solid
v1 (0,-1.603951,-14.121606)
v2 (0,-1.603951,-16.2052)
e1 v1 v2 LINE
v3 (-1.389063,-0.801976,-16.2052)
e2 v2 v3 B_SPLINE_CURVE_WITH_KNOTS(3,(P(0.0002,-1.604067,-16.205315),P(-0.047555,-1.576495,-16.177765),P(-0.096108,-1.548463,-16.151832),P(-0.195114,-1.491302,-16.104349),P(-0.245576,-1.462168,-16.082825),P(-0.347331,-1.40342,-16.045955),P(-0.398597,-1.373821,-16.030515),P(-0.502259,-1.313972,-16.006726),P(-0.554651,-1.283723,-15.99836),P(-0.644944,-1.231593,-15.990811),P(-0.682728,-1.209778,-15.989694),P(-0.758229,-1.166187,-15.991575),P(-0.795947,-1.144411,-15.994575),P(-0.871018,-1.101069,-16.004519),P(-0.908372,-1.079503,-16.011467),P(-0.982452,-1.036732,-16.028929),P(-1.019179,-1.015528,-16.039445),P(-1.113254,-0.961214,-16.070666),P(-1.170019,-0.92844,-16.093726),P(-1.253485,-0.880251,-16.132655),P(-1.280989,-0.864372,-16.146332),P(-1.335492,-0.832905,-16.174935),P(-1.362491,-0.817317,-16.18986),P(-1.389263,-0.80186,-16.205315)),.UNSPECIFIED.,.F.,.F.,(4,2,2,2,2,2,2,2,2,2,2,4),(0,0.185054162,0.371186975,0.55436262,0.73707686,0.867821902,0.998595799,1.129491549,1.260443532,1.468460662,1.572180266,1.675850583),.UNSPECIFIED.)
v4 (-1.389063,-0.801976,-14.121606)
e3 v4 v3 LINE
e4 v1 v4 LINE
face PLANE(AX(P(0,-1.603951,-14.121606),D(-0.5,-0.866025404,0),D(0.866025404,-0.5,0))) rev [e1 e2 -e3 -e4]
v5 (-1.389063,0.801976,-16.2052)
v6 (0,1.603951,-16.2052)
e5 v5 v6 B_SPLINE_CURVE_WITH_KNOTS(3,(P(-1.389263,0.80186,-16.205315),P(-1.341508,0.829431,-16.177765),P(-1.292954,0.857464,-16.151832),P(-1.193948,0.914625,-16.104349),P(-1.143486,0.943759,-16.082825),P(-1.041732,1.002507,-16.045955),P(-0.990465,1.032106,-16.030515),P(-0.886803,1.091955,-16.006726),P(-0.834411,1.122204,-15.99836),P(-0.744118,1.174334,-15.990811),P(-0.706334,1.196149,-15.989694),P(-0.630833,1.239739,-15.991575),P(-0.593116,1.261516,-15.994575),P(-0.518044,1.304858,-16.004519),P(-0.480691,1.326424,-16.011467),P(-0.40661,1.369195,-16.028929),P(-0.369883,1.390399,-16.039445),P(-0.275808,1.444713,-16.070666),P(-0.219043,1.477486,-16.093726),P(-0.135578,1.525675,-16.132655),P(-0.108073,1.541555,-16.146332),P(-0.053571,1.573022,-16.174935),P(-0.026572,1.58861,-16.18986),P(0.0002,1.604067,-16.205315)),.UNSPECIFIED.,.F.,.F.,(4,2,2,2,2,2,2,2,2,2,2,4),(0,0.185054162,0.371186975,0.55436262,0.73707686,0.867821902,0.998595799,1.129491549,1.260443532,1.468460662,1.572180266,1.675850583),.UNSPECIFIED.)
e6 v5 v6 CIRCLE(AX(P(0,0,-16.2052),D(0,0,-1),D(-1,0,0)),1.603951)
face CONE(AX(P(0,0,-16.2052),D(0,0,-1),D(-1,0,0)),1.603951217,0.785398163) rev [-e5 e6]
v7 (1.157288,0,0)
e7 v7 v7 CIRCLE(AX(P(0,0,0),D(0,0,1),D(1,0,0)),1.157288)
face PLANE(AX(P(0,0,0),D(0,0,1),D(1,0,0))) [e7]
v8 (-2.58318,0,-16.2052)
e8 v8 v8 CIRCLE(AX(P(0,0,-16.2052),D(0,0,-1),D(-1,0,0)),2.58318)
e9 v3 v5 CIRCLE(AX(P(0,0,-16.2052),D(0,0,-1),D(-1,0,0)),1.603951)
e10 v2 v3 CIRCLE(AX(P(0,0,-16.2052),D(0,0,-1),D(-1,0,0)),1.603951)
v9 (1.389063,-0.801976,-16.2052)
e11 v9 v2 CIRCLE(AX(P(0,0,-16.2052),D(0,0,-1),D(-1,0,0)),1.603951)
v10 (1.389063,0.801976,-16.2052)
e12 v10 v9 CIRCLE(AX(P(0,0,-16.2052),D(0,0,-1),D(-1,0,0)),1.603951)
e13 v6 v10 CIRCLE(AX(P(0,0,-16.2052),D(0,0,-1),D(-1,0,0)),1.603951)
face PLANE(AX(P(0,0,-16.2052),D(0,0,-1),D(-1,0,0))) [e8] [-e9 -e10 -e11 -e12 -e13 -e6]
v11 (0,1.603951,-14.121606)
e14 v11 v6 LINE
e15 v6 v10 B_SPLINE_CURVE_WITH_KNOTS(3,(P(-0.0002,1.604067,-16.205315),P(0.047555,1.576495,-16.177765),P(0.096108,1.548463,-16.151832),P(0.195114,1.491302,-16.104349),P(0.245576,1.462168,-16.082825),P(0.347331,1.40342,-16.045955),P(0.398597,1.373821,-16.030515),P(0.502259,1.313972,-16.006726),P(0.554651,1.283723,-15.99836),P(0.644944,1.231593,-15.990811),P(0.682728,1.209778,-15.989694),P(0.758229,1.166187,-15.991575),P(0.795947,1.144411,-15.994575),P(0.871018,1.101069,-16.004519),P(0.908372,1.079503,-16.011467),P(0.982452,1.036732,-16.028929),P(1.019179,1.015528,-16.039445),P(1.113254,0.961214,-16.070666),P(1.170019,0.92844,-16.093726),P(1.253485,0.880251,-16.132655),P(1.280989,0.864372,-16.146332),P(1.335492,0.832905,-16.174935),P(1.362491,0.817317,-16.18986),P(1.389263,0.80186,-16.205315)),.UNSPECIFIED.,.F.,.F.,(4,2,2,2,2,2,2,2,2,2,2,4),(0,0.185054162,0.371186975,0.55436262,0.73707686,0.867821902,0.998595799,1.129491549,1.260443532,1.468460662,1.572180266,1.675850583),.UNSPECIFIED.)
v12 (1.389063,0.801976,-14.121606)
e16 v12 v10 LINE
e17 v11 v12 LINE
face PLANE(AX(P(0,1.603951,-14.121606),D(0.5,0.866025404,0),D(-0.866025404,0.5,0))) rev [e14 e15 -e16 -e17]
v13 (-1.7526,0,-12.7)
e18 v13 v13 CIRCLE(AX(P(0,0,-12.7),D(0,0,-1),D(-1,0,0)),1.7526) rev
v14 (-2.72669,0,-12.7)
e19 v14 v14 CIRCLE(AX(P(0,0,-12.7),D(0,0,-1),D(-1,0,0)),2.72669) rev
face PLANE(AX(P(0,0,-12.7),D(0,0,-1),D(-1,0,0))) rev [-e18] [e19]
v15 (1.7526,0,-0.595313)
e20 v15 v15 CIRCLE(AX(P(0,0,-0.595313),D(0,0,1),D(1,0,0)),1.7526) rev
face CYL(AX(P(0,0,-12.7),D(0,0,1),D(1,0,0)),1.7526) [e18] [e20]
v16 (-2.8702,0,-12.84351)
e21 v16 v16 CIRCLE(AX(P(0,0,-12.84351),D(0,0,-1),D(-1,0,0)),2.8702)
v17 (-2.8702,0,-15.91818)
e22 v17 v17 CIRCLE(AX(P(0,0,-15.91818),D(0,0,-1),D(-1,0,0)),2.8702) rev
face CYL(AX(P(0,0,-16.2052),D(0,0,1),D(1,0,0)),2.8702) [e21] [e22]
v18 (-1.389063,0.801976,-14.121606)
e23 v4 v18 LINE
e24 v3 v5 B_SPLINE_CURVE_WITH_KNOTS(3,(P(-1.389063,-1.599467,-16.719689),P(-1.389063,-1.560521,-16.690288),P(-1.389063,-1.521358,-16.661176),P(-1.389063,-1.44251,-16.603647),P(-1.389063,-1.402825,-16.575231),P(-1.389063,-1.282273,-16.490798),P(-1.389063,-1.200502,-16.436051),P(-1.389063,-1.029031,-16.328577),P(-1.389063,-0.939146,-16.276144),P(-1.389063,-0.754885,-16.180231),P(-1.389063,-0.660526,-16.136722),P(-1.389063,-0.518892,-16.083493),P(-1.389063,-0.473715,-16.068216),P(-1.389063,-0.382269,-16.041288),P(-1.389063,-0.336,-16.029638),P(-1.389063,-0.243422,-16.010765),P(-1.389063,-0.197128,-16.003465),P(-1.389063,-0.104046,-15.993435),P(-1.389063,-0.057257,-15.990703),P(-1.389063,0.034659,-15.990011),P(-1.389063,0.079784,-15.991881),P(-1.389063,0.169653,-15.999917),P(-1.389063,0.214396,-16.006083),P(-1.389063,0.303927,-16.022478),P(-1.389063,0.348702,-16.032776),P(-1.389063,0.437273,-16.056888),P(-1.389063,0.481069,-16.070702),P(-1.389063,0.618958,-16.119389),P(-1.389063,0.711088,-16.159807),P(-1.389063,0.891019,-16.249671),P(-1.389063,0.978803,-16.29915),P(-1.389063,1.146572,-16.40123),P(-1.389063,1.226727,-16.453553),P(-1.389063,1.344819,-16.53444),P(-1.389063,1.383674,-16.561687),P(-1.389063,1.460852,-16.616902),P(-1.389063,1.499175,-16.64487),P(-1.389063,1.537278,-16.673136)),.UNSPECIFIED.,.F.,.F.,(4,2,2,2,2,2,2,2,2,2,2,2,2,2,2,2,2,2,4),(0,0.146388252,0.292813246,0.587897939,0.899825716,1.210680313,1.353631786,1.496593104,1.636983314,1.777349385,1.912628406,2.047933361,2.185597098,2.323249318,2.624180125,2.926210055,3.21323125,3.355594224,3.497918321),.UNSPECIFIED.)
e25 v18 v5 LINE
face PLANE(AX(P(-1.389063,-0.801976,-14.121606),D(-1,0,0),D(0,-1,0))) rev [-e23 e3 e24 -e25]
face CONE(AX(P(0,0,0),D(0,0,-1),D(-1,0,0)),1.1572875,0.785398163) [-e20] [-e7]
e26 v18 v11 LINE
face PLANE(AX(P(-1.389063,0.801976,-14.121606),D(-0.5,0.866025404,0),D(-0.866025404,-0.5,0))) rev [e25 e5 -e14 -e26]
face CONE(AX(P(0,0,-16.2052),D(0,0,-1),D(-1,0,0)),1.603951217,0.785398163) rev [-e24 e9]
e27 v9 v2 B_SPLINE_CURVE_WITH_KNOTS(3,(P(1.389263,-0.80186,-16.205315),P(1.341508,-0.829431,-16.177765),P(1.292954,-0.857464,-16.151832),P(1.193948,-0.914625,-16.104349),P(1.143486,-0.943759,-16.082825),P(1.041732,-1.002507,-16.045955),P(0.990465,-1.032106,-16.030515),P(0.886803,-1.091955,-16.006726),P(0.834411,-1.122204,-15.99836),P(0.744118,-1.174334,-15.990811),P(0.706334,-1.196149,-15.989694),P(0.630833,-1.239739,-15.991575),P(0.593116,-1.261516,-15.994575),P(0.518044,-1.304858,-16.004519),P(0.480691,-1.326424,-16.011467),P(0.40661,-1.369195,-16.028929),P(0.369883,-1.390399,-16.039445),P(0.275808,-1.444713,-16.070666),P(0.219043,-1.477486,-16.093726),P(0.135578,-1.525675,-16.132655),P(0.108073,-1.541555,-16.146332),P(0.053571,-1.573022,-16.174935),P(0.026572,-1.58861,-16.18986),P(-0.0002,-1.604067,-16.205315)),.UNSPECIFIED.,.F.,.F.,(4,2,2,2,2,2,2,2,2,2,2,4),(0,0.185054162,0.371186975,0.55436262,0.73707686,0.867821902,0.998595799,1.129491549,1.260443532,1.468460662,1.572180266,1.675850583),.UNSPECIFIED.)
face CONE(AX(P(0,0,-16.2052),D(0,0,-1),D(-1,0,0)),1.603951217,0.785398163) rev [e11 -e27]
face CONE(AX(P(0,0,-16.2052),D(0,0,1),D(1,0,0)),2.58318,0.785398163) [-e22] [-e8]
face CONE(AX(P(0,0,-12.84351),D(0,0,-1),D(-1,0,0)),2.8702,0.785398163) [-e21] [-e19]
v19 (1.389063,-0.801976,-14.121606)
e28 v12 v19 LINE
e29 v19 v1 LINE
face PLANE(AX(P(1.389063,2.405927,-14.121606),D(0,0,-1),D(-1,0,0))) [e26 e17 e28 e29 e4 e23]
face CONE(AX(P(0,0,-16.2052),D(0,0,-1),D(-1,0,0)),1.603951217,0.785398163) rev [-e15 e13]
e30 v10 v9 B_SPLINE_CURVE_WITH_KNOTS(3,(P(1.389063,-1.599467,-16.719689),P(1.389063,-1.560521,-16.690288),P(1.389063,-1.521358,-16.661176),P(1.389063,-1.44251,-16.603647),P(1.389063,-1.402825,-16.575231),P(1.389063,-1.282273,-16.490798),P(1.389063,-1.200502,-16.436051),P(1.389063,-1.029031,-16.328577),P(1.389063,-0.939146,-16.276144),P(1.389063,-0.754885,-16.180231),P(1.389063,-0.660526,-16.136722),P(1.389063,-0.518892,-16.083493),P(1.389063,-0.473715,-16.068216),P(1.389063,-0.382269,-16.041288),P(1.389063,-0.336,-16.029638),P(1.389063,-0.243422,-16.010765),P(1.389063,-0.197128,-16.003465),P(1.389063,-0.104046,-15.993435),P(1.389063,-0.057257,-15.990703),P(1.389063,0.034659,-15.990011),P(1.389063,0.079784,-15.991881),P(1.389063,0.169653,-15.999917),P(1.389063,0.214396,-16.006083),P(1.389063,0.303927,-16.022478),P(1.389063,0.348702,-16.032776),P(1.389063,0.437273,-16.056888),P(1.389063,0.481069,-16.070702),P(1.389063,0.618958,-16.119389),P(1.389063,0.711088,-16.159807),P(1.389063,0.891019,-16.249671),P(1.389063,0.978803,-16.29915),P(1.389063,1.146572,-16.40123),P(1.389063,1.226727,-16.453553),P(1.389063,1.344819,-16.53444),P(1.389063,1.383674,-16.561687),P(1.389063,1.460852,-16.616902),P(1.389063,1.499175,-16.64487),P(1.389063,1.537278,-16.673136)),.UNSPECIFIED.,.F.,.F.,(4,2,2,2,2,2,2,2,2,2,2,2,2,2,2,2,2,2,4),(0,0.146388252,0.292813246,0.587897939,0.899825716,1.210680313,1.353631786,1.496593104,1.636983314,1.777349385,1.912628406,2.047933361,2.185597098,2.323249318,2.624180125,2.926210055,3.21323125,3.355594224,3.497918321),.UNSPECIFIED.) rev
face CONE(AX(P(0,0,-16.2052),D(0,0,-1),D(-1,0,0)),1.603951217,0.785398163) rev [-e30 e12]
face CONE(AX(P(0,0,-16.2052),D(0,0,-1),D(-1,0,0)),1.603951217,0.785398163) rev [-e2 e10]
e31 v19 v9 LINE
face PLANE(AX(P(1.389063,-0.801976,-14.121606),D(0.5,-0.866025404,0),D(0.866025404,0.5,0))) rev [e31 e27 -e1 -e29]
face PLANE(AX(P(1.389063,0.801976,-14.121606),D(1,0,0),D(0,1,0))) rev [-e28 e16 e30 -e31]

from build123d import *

# Parameters (mm, degrees)
SKETCH1_R          = 1.7526
EXTRUDE1_DEPTH     = 12.7
CHAMFER3_SIZE      = 0.5953125
SKETCH6_R          = 2.8702
EXTRUDE2_DEPTH     = 3.5052
CUT_EXTRUDE1_DEPTH = 2.08359375
CHAMFER1_SIZE      = 0.28702
CHAMFER2_SIZE      = 0.14351


with BuildPart() as part:
    # Sketch1 → Extrude1 (new body)
    with BuildSketch(Plane.XY):
        Circle(SKETCH1_R)
    extrude(amount=-EXTRUDE1_DEPTH)

    # Chamfer3
    chamfer3_edges = [part.edges().sort_by_distance(p)[0] for p in [
        (-1.7526, 0, 0),
    ]]
    chamfer(chamfer3_edges, length=CHAMFER3_SIZE)

    # Sketch6 → Extrude2 (add)
    with BuildSketch(Plane(origin=(0, 0, -12.7), x_dir=(-1, 0, 0), z_dir=(0, 0, -1))):
        Circle(SKETCH6_R)
    extrude(amount=EXTRUDE2_DEPTH)

    # Sketch7 → Cut-Extrude1 (cut)
    with BuildSketch(Plane(origin=(0, 0, -16.2052), x_dir=(-1, 0, 0), z_dir=(0, 0, -1))):
        Polygon((0, 1.603951217), (-1.3890625, 0.801975608), (-1.3890625, -0.801975608), (0, -1.603951217), (1.3890625, -0.801975608), (1.3890625, 0.801975608), align=None)
    extrude(amount=-CUT_EXTRUDE1_DEPTH, mode=Mode.SUBTRACT)

    # Cut-Extrude2 cone 1 section (through the dimple's axis) → Cut-Extrude2 (revolve, cut)
    with BuildSketch(Plane(origin=(0, 0, -16.2052), x_dir=(0, 1, 0), z_dir=(1, 0, 0))):
        Polygon((0, 0), (1.603951217, 0), (0, 1.603951217), align=None)
    revolve(axis=Axis((0, 0, -16.2052), (0, 0, 1)), mode=Mode.SUBTRACT)

    # Chamfer1
    chamfer1_edges = [part.edges().sort_by_distance(p)[0] for p in [
        (2.8702, 0, -16.2052),
    ]]
    chamfer(chamfer1_edges, length=CHAMFER1_SIZE)

    # Chamfer2
    chamfer2_edges = [part.edges().sort_by_distance(p)[0] for p in [
        (2.8702, 0, -12.7),
    ]]
    chamfer(chamfer2_edges, length=CHAMFER2_SIZE)


solid = part.part
